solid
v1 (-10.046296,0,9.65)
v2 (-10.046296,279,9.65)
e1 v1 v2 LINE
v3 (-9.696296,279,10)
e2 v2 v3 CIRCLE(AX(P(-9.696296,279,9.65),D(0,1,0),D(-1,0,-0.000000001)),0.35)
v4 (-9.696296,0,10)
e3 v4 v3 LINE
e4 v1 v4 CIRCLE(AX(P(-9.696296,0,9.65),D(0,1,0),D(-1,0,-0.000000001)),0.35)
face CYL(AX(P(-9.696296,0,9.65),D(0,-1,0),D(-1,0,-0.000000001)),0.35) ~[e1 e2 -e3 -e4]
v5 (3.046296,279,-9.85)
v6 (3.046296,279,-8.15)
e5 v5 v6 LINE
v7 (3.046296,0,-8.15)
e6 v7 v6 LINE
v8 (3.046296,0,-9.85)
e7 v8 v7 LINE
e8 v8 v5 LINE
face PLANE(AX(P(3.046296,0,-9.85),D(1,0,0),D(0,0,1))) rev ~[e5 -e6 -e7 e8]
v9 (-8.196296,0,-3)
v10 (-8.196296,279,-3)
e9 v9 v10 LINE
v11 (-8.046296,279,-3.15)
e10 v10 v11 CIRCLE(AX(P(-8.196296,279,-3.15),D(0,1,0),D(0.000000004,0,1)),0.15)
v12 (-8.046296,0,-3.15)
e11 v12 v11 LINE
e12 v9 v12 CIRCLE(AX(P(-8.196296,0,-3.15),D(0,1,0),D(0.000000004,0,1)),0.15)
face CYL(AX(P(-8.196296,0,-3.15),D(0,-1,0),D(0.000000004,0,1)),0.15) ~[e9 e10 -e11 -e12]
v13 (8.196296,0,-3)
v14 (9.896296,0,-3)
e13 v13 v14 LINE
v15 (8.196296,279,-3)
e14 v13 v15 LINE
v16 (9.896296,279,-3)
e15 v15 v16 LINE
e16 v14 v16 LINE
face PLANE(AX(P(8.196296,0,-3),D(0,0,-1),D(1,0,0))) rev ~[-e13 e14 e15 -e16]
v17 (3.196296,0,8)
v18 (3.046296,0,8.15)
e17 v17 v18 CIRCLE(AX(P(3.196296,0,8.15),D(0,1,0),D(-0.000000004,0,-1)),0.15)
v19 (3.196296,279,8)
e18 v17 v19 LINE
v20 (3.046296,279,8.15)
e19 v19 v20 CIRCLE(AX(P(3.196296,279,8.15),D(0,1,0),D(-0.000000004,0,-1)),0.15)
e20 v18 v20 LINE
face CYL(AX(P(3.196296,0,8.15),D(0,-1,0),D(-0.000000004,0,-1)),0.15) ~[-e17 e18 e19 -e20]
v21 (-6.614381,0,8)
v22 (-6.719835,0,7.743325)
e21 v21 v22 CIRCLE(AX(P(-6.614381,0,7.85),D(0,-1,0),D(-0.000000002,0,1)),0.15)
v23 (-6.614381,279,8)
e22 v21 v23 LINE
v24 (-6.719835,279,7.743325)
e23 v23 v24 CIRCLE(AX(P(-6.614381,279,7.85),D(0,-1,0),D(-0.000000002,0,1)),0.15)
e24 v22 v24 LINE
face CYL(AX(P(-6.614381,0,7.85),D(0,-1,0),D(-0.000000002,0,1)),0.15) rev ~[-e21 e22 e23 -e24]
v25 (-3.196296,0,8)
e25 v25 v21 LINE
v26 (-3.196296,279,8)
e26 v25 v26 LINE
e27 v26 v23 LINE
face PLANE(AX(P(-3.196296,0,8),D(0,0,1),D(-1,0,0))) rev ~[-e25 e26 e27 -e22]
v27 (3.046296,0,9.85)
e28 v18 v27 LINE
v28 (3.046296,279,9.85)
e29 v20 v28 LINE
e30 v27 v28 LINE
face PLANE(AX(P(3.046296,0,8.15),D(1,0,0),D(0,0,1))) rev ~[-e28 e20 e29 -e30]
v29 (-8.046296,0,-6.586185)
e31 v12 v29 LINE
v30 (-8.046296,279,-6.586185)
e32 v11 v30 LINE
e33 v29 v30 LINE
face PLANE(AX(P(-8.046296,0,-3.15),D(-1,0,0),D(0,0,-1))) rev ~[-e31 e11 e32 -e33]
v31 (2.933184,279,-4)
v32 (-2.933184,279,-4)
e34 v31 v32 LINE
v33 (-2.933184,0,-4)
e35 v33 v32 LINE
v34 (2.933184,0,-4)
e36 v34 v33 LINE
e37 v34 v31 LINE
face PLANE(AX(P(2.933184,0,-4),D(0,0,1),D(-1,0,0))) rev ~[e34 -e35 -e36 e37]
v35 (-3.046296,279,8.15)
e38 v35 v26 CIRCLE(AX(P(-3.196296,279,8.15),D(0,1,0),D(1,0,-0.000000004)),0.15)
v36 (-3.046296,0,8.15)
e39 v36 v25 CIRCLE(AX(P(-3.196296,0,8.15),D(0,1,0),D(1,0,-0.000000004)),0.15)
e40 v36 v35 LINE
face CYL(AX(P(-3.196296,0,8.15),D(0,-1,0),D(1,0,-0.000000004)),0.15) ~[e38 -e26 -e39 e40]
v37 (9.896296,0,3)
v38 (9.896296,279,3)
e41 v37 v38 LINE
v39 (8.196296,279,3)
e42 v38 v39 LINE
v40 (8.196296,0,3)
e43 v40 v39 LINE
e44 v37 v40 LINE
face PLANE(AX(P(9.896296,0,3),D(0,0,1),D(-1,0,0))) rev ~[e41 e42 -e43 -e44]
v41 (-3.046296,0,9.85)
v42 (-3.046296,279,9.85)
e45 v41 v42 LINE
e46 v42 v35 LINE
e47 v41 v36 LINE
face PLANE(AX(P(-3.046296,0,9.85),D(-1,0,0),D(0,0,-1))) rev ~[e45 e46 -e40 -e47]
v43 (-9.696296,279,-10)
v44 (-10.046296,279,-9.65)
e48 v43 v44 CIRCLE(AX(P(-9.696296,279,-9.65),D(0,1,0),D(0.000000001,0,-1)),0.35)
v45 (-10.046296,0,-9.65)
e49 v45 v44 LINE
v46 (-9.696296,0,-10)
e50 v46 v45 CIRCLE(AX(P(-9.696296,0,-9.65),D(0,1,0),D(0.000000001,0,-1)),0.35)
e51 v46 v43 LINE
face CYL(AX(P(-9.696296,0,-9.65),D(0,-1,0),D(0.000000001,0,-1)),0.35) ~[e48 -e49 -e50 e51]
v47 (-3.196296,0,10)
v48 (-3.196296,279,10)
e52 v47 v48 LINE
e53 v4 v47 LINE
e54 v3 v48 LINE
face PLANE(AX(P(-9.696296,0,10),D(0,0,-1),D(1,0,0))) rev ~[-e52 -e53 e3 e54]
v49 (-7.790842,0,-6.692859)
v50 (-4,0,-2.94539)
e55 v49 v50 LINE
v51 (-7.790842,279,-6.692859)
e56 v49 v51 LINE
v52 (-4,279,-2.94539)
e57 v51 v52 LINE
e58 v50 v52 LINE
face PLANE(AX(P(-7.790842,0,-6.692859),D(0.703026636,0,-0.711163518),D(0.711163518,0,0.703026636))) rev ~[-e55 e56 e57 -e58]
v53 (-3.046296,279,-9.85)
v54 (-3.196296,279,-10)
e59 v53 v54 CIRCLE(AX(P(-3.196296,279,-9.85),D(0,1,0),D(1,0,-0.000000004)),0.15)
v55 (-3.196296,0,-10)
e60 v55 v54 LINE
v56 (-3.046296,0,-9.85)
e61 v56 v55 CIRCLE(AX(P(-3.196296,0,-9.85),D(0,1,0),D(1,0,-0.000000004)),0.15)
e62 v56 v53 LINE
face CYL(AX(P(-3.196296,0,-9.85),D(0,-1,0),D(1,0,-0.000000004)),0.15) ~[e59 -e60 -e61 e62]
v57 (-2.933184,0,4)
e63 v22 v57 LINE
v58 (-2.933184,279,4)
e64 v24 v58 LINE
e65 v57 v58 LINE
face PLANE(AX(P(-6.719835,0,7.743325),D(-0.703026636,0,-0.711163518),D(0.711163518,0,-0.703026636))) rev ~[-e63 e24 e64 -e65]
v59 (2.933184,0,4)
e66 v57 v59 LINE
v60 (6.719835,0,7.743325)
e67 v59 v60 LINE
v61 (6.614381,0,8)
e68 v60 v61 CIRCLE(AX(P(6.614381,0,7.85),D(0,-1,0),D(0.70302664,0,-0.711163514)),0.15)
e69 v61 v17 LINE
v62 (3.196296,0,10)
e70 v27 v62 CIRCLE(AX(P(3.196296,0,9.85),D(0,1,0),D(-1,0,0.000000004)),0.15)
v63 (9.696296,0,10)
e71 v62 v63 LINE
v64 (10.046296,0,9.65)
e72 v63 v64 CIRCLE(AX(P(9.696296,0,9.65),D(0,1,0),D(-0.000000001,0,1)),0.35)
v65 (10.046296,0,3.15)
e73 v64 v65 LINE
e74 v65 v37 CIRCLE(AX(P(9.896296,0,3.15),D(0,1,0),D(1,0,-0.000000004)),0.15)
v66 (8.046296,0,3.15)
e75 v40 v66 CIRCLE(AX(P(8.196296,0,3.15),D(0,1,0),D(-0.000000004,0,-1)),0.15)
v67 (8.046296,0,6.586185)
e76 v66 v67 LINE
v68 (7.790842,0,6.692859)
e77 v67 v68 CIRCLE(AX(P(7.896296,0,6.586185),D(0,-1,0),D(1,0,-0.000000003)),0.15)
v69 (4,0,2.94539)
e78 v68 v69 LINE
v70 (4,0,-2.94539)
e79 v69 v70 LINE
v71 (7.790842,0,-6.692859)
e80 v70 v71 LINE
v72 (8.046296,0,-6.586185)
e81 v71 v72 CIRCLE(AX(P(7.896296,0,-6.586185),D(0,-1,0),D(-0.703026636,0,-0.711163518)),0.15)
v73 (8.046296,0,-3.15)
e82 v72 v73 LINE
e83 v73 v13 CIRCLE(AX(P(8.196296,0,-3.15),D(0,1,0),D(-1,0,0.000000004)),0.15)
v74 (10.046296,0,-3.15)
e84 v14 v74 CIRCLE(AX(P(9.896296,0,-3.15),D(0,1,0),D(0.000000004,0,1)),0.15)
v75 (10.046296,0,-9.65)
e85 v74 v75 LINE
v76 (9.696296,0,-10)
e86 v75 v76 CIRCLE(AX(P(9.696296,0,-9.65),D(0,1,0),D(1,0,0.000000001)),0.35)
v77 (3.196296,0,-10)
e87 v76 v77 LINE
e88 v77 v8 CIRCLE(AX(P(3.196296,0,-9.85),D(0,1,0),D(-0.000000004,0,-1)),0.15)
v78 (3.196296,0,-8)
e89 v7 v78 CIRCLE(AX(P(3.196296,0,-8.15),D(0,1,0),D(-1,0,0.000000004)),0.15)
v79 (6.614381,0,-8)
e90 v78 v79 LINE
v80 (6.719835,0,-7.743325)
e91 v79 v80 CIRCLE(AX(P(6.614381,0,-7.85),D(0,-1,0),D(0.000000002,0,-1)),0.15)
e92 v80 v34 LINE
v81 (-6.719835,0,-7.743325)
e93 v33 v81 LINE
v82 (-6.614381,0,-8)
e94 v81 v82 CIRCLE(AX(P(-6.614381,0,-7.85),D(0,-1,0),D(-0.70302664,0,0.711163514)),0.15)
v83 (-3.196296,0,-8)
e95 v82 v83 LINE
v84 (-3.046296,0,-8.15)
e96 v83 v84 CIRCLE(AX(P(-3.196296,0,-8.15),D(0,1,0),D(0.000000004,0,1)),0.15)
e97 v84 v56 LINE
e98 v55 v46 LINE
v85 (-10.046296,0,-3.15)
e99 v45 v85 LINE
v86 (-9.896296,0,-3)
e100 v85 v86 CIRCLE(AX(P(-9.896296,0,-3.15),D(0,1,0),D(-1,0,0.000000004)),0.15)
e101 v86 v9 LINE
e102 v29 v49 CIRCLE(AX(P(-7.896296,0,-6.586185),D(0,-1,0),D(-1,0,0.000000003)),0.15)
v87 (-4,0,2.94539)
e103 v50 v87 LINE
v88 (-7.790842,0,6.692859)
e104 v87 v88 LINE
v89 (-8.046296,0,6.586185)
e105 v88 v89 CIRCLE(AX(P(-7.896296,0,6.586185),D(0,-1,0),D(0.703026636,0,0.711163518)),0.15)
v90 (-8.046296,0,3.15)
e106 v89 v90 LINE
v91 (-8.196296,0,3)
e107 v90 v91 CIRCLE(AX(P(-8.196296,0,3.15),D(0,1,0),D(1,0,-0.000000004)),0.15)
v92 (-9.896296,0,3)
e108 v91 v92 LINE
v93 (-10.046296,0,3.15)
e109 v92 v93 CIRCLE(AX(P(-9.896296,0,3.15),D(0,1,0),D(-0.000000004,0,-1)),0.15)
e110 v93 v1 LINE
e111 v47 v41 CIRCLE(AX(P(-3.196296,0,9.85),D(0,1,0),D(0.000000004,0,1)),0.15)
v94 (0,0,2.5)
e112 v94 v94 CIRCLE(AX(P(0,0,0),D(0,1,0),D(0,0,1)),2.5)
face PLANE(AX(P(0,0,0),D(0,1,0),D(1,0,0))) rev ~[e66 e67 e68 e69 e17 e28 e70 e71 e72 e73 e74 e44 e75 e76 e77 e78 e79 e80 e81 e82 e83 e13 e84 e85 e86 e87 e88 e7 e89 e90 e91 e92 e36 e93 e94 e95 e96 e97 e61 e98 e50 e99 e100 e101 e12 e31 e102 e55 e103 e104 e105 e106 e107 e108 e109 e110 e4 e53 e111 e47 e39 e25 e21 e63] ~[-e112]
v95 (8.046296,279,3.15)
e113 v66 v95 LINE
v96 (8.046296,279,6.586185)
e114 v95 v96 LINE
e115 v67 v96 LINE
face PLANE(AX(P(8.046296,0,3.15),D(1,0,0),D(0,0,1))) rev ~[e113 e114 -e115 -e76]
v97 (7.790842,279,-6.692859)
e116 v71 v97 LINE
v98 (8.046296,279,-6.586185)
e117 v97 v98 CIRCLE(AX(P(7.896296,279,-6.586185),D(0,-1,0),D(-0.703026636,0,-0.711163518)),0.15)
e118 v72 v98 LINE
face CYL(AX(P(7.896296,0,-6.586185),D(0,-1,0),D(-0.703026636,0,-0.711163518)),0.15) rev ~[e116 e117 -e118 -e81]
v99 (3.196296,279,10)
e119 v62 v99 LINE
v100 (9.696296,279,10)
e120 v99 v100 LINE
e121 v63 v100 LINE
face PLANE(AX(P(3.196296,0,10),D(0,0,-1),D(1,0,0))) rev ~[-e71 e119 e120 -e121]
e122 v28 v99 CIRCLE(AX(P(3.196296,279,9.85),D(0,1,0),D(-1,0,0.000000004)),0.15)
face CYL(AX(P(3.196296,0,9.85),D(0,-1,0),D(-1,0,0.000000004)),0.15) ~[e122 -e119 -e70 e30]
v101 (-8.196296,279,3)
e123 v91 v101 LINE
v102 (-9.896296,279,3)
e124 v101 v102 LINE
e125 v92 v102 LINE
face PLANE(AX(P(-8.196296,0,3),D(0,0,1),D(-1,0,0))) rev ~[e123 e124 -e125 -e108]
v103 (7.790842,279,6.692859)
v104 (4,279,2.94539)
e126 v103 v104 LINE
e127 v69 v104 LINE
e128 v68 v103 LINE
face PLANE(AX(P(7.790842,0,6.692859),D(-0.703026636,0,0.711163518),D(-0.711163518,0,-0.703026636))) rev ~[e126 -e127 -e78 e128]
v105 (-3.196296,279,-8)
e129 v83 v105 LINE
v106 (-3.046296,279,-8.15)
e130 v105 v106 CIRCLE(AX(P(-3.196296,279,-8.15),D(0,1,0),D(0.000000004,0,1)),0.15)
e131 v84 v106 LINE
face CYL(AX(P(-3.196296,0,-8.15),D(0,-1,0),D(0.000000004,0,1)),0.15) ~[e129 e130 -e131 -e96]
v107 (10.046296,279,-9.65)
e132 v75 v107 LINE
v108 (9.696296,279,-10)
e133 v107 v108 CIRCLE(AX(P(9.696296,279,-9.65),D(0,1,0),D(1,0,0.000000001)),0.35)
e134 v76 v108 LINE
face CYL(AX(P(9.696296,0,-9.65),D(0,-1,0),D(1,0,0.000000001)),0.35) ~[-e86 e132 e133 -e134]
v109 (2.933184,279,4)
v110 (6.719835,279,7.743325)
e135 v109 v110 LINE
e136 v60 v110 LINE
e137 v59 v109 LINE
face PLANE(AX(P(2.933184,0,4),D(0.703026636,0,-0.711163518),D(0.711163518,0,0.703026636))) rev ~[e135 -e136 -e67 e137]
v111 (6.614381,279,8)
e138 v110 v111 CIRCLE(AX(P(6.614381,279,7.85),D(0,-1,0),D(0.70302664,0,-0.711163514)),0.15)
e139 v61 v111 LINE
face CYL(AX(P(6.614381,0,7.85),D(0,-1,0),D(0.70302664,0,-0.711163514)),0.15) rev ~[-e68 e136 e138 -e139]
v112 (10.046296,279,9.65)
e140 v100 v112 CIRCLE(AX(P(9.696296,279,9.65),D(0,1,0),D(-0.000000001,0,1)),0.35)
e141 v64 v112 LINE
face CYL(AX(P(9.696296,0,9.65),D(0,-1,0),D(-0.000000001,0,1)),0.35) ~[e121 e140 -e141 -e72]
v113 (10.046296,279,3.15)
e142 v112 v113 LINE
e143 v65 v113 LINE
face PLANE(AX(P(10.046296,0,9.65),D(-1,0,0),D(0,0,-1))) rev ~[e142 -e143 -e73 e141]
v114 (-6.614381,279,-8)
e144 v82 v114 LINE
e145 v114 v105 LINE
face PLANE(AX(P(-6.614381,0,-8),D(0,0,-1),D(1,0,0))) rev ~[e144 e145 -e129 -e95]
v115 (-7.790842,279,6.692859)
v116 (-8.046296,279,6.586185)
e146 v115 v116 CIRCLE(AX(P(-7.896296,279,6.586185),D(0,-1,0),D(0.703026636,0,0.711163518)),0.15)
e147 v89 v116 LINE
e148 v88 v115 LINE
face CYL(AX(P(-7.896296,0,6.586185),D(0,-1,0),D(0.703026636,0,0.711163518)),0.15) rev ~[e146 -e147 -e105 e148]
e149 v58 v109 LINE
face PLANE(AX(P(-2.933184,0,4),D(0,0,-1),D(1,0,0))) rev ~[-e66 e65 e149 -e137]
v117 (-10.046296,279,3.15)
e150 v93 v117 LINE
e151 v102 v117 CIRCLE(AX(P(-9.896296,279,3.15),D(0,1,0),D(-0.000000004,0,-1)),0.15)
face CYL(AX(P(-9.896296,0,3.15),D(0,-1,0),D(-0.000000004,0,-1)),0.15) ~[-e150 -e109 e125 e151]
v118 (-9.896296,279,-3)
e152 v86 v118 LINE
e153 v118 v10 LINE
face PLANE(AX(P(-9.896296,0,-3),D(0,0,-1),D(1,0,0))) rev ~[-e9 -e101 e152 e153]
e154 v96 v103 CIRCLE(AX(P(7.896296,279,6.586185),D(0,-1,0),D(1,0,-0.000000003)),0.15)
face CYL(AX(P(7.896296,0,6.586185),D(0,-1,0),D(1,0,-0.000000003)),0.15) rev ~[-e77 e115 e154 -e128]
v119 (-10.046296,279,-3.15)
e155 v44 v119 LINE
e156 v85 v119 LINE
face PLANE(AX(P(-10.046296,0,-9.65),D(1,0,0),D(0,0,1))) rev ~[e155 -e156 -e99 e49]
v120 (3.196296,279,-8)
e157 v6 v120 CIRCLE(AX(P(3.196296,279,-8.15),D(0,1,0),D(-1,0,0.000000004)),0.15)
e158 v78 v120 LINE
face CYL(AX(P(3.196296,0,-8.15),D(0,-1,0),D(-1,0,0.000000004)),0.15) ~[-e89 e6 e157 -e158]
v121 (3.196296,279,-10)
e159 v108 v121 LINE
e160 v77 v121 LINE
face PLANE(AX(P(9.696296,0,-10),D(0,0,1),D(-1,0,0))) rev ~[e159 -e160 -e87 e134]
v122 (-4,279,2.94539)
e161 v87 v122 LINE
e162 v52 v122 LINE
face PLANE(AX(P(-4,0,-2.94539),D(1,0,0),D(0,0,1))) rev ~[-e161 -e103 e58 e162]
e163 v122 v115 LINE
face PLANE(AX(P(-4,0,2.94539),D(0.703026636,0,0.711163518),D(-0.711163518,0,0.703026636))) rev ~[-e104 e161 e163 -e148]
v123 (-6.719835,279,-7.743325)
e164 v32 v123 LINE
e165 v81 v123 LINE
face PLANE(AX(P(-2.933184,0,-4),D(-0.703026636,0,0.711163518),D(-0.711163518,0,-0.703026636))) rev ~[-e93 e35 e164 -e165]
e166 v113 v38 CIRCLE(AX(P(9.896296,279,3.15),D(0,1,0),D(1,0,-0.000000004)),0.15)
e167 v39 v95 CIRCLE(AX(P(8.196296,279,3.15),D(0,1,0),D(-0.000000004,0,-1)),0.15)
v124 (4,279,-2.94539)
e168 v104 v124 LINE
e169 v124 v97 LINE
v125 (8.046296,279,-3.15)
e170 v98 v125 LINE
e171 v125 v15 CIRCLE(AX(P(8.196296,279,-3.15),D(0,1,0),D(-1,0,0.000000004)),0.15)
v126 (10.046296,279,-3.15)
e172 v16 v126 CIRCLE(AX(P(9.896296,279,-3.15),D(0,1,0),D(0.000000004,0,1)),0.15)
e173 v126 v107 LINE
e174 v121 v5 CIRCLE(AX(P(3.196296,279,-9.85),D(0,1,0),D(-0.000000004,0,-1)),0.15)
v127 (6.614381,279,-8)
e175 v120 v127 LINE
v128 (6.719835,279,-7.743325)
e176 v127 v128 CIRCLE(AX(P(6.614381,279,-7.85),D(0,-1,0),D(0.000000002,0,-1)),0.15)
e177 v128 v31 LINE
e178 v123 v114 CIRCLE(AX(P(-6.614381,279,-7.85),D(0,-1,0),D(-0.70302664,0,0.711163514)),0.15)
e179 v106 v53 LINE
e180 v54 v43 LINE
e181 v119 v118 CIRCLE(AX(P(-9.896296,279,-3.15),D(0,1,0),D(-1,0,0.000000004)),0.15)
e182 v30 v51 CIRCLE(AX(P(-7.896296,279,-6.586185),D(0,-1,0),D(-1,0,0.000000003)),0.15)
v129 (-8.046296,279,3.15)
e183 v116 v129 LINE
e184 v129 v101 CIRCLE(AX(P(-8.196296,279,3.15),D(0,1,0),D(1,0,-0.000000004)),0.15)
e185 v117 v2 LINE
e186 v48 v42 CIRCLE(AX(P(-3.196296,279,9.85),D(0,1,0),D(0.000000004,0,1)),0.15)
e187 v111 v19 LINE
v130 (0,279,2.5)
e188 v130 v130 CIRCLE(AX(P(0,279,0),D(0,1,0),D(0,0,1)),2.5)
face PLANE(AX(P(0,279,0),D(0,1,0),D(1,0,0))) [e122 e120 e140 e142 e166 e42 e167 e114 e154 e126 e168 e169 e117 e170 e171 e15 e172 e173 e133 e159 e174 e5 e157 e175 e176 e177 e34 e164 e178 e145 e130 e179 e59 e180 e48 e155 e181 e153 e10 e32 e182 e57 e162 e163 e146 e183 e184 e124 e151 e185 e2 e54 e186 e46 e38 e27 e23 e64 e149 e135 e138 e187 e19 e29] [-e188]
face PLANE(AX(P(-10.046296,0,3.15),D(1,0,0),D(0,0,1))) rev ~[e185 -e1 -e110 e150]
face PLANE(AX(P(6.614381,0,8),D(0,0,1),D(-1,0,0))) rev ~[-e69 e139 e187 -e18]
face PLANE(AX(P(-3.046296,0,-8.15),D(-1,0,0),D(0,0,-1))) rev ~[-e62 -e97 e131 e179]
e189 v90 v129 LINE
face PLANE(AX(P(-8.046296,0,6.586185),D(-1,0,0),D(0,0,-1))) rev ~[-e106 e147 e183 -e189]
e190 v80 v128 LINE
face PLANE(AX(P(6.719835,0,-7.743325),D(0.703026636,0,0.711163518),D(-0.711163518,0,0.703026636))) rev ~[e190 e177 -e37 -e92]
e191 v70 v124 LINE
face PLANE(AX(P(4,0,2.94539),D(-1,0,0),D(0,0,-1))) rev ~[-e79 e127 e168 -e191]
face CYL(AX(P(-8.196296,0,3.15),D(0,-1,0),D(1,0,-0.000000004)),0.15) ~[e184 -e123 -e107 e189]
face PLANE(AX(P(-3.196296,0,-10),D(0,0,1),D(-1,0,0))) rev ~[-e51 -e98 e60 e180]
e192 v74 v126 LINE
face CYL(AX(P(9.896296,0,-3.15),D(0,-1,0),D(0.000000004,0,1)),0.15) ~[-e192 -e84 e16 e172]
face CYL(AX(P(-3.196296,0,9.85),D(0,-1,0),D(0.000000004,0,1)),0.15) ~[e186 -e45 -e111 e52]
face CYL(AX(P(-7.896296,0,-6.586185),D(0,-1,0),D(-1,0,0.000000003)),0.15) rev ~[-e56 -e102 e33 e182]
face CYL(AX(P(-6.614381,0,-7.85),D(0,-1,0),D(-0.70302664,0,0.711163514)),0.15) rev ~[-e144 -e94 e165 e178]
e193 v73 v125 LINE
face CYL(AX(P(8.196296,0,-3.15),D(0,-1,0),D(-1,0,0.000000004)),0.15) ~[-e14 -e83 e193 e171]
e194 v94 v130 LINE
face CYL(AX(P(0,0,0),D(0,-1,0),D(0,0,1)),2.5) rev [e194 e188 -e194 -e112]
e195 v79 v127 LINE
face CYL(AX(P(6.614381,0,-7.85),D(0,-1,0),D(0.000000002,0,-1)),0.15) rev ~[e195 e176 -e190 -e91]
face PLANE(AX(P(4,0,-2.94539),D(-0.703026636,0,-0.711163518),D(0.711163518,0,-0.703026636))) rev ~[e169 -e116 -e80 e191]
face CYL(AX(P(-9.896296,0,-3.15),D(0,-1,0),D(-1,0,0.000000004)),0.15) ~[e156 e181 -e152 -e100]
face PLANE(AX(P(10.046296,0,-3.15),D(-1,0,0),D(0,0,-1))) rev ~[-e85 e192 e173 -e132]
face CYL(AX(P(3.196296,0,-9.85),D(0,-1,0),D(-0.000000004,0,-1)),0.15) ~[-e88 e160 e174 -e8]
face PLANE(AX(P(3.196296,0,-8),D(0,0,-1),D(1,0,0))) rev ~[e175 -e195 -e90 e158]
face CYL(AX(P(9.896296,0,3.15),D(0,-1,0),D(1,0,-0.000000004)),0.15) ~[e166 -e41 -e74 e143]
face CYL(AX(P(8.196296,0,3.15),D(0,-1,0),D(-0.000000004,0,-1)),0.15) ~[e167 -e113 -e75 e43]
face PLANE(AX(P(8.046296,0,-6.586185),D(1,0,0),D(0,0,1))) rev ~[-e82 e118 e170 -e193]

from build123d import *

# Parameters (mm, degrees)
SKETCH1_R           = 2.5
BOSS_EXTRUDE2_DEPTH = 279


with BuildPart() as part:
    # Sketch1 → Boss-Extrude2 (new body)
    with BuildSketch(Plane(origin=(0, 0, 0), x_dir=(1, 0, 0), z_dir=(0, 1, 0))):
        with BuildLine():
            Line((-9.896296296, 3), (-8.196296296, 3))
            ThreePointArc((-8.196296296, 3), (-8.090230279, 3.043933983), (-8.046296296, 3.15))
            Line((-8.046296296, 3.15), (-8.046296296, 6.586184513))
            ThreePointArc((-8.046296296, 6.586184513), (-7.954097251, 6.724600732), (-7.790842301, 6.692859041))
            Line((-7.790842301, 6.692859041), (-4, 2.945390222))
            Line((-4, 2.945390222), (-4, -2.945390222))
            Line((-4, -2.945390222), (-7.790842301, -6.692859041))
            ThreePointArc((-7.790842301, -6.692859041), (-7.954097251, -6.724600732), (-8.046296296, -6.586184513))
            Line((-8.046296296, -6.586184513), (-8.046296296, -3.15))
            ThreePointArc((-8.046296296, -3.15), (-8.090230279, -3.043933983), (-8.196296296, -3))
            Line((-8.196296296, -3), (-9.896296296, -3))
            ThreePointArc((-9.896296296, -3), (-10.002362313, -3.043933983), (-10.046296296, -3.15))
            Line((-10.046296296, -3.15), (-10.046296296, -9.65))
            ThreePointArc((-10.046296296, -9.65), (-9.94378367, -9.897487373), (-9.696296296, -10))
            Line((-9.696296296, -10), (-3.196296296, -10))
            ThreePointArc((-3.196296296, -10), (-3.090230279, -9.956066017), (-3.046296296, -9.85))
            Line((-3.046296296, -9.85), (-3.046296296, -8.15))
            ThreePointArc((-3.046296296, -8.15), (-3.090230279, -8.043933983), (-3.196296296, -8))
            Line((-3.196296296, -8), (-6.614381093, -8))
            ThreePointArc((-6.614381093, -8), (-6.753127587, -7.9070036), (-6.719835089, -7.743325472))
            Line((-6.719835089, -7.743325472), (-2.93318409, -4))
            Line((-2.93318409, -4), (2.93318409, -4))
            Line((2.93318409, -4), (6.719835089, -7.743325472))
            ThreePointArc((6.719835089, -7.743325472), (6.753127587, -7.9070036), (6.614381093, -8))
            Line((6.614381093, -8), (3.196296296, -8))
            ThreePointArc((3.196296296, -8), (3.090230279, -8.043933983), (3.046296296, -8.15))
            Line((3.046296296, -8.15), (3.046296296, -9.85))
            ThreePointArc((3.046296296, -9.85), (3.090230279, -9.956066017), (3.196296296, -10))
            Line((3.196296296, -10), (9.696296296, -10))
            ThreePointArc((9.696296296, -10), (9.94378367, -9.897487373), (10.046296296, -9.65))
            Line((10.046296296, -9.65), (10.046296296, -3.15))
            ThreePointArc((10.046296296, -3.15), (10.002362313, -3.043933983), (9.896296296, -3))
            Line((9.896296296, -3), (8.196296296, -3))
            ThreePointArc((8.196296296, -3), (8.090230279, -3.043933983), (8.046296296, -3.15))
            Line((8.046296296, -3.15), (8.046296296, -6.586184513))
            ThreePointArc((8.046296296, -6.586184513), (7.954097251, -6.724600732), (7.790842301, -6.692859041))
            Line((7.790842301, -6.692859041), (4, -2.945390222))
            Line((4, -2.945390222), (4, 2.945390222))
            Line((4, 2.945390222), (7.790842301, 6.692859041))
            ThreePointArc((7.790842301, 6.692859041), (7.954097251, 6.724600732), (8.046296296, 6.586184513))
            Line((8.046296296, 6.586184513), (8.046296296, 3.15))
            ThreePointArc((8.046296296, 3.15), (8.090230279, 3.043933983), (8.196296296, 3))
            Line((8.196296296, 3), (9.896296296, 3))
            ThreePointArc((9.896296296, 3), (10.002362313, 3.043933983), (10.046296296, 3.15))
            Line((10.046296296, 3.15), (10.046296296, 9.65))
            ThreePointArc((10.046296296, 9.65), (9.94378367, 9.897487373), (9.696296296, 10))
            Line((9.696296296, 10), (3.196296296, 10))
            ThreePointArc((3.196296296, 10), (3.090230279, 9.956066017), (3.046296296, 9.85))
            Line((3.046296296, 9.85), (3.046296296, 8.15))
            ThreePointArc((3.046296296, 8.15), (3.090230279, 8.043933983), (3.196296296, 8))
            Line((3.196296296, 8), (6.614381093, 8))
            ThreePointArc((6.614381093, 8), (6.753127587, 7.9070036), (6.719835089, 7.743325472))
            Line((6.719835089, 7.743325472), (2.93318409, 4))
            Line((2.93318409, 4), (-2.93318409, 4))
            Line((-2.93318409, 4), (-6.719835089, 7.743325472))
            ThreePointArc((-6.719835089, 7.743325472), (-6.753127587, 7.9070036), (-6.614381093, 8))
            Line((-6.614381093, 8), (-3.196296296, 8))
            ThreePointArc((-3.196296296, 8), (-3.090230279, 8.043933983), (-3.046296296, 8.15))
            Line((-3.046296296, 8.15), (-3.046296296, 9.85))
            ThreePointArc((-3.046296296, 9.85), (-3.090230279, 9.956066017), (-3.196296296, 10))
            Line((-3.196296296, 10), (-9.696296296, 10))
            ThreePointArc((-9.696296296, 10), (-9.94378367, 9.897487373), (-10.046296296, 9.65))
            Line((-10.046296296, 9.65), (-10.046296296, 3.15))
            ThreePointArc((-10.046296296, 3.15), (-10.002362313, 3.043933983), (-9.896296296, 3))
        make_face()
        with Locations(Location((0, 0, 0), (0, 0, 270))):
            Circle(SKETCH1_R, mode=Mode.SUBTRACT)
    extrude(amount=BOSS_EXTRUDE2_DEPTH)


solid = part.part
